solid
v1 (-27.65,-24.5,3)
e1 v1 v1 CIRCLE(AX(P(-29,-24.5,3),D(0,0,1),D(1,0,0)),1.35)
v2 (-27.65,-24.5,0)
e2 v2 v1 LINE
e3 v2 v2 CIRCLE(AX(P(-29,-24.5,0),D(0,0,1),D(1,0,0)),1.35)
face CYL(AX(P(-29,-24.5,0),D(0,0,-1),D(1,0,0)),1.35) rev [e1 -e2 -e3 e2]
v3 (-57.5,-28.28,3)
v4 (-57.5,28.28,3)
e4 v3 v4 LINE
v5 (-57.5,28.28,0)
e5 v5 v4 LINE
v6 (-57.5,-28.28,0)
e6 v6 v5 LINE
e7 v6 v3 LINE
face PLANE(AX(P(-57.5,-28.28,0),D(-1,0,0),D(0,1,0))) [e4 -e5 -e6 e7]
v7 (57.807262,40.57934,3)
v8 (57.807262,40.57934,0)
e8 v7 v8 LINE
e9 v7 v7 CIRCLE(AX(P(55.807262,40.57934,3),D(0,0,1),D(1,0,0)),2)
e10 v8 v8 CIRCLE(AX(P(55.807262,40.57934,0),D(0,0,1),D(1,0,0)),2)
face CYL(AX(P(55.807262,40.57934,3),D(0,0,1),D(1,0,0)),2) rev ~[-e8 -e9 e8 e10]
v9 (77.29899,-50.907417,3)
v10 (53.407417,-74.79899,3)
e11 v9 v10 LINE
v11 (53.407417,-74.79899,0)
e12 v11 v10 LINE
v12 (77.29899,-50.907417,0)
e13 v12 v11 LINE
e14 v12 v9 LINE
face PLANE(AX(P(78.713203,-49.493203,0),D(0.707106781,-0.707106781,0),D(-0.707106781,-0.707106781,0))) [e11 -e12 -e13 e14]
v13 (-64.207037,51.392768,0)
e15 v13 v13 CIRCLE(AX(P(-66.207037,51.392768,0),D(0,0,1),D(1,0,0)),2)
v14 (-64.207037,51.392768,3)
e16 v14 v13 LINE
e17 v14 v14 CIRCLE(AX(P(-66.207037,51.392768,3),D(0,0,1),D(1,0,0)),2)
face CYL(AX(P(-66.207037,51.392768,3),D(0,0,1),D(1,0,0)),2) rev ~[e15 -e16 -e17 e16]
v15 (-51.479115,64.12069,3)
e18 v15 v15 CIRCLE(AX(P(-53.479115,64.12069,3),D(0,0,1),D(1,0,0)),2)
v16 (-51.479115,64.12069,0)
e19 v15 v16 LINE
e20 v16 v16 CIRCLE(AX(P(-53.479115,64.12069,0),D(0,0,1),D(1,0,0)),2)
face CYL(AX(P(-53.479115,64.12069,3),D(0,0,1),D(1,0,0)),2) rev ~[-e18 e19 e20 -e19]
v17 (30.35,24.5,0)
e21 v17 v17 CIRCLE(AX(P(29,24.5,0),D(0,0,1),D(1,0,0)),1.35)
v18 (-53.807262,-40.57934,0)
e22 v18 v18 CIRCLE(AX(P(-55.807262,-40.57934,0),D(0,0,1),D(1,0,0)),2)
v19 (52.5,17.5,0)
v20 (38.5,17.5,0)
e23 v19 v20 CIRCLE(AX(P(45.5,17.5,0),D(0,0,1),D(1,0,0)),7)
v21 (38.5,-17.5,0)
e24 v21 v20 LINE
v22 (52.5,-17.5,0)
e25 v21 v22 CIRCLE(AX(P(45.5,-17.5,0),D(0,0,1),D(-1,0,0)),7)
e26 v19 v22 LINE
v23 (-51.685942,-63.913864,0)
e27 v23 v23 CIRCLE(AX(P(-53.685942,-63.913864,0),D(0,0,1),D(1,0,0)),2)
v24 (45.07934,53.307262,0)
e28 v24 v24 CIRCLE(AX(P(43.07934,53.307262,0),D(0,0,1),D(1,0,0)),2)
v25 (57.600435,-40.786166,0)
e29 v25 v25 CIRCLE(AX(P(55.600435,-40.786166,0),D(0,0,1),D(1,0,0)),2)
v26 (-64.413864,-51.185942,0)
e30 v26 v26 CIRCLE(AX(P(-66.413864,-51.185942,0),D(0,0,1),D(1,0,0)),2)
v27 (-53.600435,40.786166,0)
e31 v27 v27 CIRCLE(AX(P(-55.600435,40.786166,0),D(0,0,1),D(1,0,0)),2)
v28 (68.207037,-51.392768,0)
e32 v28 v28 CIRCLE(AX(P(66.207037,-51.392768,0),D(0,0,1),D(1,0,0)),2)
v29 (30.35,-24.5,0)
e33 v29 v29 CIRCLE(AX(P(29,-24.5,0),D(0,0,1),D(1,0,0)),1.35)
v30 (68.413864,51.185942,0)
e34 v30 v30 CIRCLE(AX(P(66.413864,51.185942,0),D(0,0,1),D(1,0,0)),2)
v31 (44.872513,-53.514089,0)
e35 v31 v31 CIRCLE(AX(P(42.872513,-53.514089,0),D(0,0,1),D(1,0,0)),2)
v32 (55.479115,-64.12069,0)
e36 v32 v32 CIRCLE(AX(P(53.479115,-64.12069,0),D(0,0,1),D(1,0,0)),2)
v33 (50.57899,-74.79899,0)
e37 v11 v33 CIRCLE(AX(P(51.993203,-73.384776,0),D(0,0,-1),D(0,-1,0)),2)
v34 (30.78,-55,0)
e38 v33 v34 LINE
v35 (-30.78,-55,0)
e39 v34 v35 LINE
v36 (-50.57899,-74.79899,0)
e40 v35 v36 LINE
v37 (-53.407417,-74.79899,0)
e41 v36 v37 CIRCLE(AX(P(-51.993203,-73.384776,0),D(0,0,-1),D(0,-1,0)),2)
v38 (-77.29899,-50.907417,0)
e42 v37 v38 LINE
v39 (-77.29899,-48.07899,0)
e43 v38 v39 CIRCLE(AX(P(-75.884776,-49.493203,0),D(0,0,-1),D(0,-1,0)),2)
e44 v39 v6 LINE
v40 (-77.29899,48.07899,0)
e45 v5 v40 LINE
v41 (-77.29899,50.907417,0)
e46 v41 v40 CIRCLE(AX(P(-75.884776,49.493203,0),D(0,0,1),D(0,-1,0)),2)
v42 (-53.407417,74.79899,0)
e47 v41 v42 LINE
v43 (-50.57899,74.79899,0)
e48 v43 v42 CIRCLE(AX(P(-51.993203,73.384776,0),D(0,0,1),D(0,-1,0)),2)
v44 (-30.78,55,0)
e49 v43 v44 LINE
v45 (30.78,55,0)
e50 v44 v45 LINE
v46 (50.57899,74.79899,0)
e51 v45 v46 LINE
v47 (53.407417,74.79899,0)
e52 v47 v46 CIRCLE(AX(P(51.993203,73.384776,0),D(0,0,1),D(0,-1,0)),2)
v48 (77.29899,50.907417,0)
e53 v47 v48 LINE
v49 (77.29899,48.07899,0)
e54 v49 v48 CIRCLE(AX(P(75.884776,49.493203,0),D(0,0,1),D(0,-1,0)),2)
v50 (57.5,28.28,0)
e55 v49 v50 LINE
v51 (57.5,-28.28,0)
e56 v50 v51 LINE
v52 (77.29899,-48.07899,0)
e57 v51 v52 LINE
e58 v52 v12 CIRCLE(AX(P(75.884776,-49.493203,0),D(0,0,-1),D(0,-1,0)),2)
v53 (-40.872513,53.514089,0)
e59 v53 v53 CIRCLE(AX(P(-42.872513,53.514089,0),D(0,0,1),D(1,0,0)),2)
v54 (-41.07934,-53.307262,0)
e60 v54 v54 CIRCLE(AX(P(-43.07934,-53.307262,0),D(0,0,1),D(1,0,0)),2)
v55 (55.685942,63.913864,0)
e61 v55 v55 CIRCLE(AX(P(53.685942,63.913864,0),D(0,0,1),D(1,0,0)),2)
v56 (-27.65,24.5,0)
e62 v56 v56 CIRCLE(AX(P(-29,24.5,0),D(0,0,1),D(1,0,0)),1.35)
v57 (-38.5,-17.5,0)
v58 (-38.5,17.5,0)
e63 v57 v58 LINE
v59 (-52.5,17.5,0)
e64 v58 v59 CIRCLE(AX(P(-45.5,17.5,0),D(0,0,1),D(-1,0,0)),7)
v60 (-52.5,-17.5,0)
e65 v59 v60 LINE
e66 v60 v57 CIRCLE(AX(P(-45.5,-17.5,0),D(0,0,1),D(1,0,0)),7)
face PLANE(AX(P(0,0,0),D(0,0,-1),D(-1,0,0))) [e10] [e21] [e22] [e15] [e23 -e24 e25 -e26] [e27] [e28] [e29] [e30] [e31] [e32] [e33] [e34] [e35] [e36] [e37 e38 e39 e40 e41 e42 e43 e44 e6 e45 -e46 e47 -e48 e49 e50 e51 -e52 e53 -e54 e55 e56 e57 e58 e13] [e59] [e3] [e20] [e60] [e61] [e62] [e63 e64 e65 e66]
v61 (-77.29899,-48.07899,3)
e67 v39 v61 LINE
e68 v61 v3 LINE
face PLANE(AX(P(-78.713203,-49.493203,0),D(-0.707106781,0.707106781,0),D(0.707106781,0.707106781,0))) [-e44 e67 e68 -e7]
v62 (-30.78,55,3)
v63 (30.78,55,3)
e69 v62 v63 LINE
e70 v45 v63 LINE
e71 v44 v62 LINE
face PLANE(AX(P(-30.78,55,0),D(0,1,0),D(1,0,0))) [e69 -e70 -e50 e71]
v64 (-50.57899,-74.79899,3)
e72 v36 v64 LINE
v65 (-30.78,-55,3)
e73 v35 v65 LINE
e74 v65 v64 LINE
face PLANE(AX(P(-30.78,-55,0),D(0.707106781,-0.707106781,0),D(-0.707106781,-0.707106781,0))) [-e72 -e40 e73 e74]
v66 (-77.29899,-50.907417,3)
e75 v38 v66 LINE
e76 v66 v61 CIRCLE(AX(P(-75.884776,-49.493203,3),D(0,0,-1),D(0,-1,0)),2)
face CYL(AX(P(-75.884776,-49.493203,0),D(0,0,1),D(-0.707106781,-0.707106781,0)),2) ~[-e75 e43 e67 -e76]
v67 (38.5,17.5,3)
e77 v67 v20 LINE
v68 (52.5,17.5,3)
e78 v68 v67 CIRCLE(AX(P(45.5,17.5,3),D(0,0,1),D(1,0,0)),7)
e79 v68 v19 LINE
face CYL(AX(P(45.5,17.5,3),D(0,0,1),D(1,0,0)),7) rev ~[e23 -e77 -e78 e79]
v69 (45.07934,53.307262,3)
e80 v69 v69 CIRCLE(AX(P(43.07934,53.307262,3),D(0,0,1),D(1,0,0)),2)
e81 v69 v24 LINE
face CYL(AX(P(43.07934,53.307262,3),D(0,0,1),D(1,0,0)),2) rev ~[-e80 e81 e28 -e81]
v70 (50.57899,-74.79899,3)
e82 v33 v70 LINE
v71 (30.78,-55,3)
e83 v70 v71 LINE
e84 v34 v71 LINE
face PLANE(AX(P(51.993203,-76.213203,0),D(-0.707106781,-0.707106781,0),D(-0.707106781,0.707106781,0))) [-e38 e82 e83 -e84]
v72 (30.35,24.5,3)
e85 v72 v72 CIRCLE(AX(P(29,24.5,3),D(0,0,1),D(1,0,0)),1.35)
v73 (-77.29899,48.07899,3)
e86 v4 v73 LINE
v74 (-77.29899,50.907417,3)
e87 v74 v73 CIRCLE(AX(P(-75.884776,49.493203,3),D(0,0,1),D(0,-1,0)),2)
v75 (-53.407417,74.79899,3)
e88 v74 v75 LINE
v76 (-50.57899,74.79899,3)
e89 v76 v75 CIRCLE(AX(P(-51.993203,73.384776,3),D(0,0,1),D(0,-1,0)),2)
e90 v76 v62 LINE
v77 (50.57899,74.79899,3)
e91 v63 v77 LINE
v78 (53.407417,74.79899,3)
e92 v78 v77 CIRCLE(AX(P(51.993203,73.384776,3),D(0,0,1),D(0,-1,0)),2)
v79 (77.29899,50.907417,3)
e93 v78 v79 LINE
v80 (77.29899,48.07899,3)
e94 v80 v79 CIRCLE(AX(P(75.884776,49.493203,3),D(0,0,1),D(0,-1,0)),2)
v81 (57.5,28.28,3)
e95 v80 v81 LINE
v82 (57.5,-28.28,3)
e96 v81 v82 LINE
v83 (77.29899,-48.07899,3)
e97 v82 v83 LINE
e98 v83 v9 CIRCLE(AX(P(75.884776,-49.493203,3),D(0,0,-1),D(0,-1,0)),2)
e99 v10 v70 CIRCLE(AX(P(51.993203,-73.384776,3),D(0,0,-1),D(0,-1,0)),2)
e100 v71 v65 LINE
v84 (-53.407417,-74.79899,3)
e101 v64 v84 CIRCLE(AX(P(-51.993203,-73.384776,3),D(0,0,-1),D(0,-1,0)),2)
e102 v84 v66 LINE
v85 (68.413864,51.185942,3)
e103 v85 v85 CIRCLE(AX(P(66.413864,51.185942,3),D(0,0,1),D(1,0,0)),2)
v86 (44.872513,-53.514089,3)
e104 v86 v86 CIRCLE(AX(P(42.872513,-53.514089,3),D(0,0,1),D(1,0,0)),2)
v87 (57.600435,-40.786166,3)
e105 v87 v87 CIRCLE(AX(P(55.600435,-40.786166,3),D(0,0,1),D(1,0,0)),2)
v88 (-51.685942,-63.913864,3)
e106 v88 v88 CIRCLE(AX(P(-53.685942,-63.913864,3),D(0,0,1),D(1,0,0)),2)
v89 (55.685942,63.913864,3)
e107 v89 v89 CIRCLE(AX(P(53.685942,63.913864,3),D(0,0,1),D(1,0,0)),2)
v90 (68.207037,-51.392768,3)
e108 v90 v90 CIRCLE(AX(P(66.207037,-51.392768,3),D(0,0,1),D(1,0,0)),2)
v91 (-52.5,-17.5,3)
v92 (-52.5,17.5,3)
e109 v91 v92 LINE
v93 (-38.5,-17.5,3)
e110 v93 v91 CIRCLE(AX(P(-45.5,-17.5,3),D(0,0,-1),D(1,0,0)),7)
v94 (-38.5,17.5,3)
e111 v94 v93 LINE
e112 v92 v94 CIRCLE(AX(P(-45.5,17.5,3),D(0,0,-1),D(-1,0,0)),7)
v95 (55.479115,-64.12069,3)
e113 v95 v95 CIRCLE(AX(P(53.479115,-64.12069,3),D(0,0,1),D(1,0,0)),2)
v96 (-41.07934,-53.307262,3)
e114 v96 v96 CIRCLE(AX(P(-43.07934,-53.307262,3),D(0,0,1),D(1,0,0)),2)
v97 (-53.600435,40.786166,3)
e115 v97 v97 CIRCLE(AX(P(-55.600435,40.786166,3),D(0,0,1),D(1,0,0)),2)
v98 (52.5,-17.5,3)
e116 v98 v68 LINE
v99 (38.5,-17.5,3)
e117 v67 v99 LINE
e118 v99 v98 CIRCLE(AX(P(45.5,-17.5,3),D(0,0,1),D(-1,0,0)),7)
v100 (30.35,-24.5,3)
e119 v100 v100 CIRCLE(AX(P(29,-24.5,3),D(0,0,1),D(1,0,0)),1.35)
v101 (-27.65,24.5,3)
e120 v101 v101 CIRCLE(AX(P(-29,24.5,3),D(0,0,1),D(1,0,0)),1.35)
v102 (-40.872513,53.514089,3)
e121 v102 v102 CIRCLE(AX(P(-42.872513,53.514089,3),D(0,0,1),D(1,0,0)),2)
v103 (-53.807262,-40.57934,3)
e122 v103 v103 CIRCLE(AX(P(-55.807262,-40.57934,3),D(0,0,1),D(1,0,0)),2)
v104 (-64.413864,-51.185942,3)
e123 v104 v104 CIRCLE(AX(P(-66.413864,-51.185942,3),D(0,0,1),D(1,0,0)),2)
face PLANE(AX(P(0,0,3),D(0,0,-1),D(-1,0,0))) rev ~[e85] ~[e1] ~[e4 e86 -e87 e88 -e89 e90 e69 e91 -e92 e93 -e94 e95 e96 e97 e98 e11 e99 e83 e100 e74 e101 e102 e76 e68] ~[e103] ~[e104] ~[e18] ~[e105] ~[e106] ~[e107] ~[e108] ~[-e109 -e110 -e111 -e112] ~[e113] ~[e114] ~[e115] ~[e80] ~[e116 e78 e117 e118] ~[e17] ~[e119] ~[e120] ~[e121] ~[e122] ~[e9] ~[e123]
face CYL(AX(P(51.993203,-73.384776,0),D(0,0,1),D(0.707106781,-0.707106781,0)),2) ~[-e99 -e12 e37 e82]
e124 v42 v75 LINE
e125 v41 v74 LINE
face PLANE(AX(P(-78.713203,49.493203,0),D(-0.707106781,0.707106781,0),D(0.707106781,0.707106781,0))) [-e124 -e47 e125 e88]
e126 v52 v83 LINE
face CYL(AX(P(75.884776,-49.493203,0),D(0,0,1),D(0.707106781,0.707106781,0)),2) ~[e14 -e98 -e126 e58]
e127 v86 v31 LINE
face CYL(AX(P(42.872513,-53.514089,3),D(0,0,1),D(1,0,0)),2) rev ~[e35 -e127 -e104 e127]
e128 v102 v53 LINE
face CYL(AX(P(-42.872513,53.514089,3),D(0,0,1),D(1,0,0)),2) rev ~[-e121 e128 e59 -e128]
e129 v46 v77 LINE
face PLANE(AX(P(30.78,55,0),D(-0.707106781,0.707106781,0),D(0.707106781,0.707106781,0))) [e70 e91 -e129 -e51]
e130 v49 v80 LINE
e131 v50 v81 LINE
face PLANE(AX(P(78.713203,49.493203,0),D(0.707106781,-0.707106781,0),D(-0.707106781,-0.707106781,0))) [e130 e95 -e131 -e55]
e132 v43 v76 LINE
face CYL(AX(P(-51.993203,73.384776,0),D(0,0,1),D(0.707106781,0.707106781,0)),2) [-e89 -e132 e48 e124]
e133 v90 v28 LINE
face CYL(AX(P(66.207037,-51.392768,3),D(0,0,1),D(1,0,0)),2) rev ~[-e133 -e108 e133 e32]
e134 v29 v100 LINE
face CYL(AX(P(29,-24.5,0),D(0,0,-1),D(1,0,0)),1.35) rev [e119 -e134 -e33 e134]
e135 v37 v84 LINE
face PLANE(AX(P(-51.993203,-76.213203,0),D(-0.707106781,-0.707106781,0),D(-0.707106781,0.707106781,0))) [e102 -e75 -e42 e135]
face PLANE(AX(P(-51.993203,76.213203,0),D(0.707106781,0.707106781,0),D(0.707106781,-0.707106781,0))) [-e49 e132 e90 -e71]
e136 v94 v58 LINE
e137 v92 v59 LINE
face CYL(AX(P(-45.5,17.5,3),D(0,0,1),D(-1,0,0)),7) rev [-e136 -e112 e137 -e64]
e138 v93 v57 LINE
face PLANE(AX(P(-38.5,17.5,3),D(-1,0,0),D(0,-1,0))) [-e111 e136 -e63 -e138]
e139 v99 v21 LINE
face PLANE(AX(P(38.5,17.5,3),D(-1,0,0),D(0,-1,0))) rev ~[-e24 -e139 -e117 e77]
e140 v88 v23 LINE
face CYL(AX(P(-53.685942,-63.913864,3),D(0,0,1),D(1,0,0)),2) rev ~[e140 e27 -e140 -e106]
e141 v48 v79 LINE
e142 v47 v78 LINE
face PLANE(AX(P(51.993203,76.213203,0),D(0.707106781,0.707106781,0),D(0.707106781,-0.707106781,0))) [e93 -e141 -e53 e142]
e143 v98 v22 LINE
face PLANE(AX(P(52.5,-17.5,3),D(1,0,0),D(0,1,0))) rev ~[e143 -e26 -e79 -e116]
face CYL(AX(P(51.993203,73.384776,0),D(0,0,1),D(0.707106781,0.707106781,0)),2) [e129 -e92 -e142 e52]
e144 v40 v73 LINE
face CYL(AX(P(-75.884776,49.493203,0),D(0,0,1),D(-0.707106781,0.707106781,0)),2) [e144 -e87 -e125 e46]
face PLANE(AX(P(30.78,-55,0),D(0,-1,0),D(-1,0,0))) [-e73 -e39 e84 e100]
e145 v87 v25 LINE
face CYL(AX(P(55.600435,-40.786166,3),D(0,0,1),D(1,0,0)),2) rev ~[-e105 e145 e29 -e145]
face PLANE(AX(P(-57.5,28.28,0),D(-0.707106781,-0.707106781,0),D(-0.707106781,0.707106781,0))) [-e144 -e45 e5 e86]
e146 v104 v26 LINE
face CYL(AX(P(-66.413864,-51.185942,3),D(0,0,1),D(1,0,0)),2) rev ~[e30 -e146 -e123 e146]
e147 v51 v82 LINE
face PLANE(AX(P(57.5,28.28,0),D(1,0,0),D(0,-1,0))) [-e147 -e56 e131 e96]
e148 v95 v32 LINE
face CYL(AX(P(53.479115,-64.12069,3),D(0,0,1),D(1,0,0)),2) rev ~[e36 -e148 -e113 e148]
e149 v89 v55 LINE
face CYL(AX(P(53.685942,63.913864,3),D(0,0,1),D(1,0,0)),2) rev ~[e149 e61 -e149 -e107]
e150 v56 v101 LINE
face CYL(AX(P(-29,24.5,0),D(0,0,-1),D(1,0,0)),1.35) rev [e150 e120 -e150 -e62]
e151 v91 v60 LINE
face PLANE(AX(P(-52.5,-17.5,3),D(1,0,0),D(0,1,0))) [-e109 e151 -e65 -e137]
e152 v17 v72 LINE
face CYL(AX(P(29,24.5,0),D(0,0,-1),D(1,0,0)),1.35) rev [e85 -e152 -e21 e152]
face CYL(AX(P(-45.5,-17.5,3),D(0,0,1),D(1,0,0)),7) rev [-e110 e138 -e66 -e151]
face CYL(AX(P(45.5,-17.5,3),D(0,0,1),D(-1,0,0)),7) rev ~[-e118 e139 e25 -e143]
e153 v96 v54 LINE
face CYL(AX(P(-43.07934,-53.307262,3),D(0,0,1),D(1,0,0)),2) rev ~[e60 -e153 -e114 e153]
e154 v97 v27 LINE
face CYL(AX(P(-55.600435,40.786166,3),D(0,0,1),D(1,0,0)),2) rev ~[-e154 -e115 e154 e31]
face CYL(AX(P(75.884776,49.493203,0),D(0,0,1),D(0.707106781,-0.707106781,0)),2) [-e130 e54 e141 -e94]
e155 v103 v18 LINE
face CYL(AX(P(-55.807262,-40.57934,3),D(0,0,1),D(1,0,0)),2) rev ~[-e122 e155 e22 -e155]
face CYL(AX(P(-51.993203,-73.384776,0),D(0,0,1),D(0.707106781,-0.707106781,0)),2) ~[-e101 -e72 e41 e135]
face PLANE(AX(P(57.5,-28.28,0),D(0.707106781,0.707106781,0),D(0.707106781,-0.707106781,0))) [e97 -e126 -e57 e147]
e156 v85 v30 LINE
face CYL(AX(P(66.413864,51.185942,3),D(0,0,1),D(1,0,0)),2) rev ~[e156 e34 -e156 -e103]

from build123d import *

# Parameters (mm, degrees)
SKETCH1_R           = 1.35
BOSS_EXTRUDE1_DEPTH = 3
SKETCH2_R           = 2
CUT_EXTRUDE1_DEPTH  = 110.604839186
FILLET1_R           = 2


with BuildPart() as part:
    # Sketch1 → Boss-Extrude1 (new body)
    with BuildSketch(Plane.XY):
        Polygon((78.713203436, 49.493203436), (57.5, 28.28), (57.5, -28.28), (78.713203436, -49.493203436), (51.993203436, -76.213203436), (30.78, -55), (-30.78, -55), (-51.993203436, -76.213203436), (-78.713203436, -49.493203436), (-57.5, -28.28), (-57.5, 28.28), (-78.713203436, 49.493203436), (-51.993203436, 76.213203436), (-30.78, 55), (30.78, 55), (51.993203436, 76.213203436), align=None)
        with Locations((29, -24.5)):
            Circle(SKETCH1_R, mode=Mode.SUBTRACT)
        with Locations((29, 24.5)):
            Circle(SKETCH1_R, mode=Mode.SUBTRACT)
        with Locations((-29, -24.5)):
            Circle(SKETCH1_R, mode=Mode.SUBTRACT)
        with Locations((-29, 24.5)):
            Circle(SKETCH1_R, mode=Mode.SUBTRACT)
    extrude(amount=BOSS_EXTRUDE1_DEPTH)

    # Sketch2 → Cut-Extrude1 (cut, through all)
    with BuildSketch(Plane.XY.offset(3)):
        with Locations((43.079339828, 53.30726189)):
            Circle(SKETCH2_R)
        with Locations((53.685941546, 63.913863607)):
            Circle(SKETCH2_R)
        with Locations((55.80726189, 40.579339828)):
            Circle(SKETCH2_R)
        with Locations((66.413863607, 51.185941546)):
            Circle(SKETCH2_R)
        with Locations((-66.413863607, -51.185941546)):
            Circle(SKETCH2_R)
        with Locations((-55.80726189, -40.579339828)):
            Circle(SKETCH2_R)
        with Locations((-43.079339828, -53.30726189)):
            Circle(SKETCH2_R)
        with Locations((-53.685941546, -63.913863607)):
            Circle(SKETCH2_R)
        with Locations((-53.479114875, 64.120690278)):
            Circle(SKETCH2_R)
        with Locations((-42.872513158, 53.51408856)):
            Circle(SKETCH2_R)
        with Locations((-55.600435219, 40.786166499)):
            Circle(SKETCH2_R)
        with Locations((-66.207036937, 51.392768217)):
            Circle(SKETCH2_R)
        with Locations((55.600435219, -40.786166499)):
            Circle(SKETCH2_R)
        with Locations((42.872513157, -53.51408856)):
            Circle(SKETCH2_R)
        with Locations((66.207036937, -51.392768217)):
            Circle(SKETCH2_R)
        with Locations((53.479114875, -64.120690278)):
            Circle(SKETCH2_R)
        with BuildLine():
            Line((-38.5, 17.5), (-38.5, -17.5))
            ThreePointArc((-38.5, -17.5), (-45.5, -24.5), (-52.5, -17.5))
            Line((-52.5, -17.5), (-52.5, 17.5))
            ThreePointArc((-52.5, 17.5), (-45.5, 24.5), (-38.5, 17.5))
        make_face()
        with BuildLine():
            Line((38.5, 17.5), (38.5, -17.5))
            ThreePointArc((38.5, -17.5), (45.5, -24.5), (52.5, -17.5))
            Line((52.5, -17.5), (52.5, 17.5))
            ThreePointArc((52.5, 17.5), (45.5, 24.5), (38.5, 17.5))
        make_face()
    extrude(amount=-CUT_EXTRUDE1_DEPTH, mode=Mode.SUBTRACT)

    # Fillet1
    fillet1_edges = [part.edges().sort_by_distance(p)[0] for p in [
        (78.713203436, -49.493203436, 1.5),
        (51.993203436, -76.213203436, 1.5),
        (-51.993203436, -76.213203436, 1.5),
        (-78.713203436, -49.493203436, 1.5),
        (-78.713203436, 49.493203436, 1.5),
        (-51.993203436, 76.213203436, 1.5),
        (51.993203436, 76.213203436, 1.5),
        (78.713203436, 49.493203436, 1.5),
    ]]
    fillet(fillet1_edges, radius=FILLET1_R)


solid = part.part
